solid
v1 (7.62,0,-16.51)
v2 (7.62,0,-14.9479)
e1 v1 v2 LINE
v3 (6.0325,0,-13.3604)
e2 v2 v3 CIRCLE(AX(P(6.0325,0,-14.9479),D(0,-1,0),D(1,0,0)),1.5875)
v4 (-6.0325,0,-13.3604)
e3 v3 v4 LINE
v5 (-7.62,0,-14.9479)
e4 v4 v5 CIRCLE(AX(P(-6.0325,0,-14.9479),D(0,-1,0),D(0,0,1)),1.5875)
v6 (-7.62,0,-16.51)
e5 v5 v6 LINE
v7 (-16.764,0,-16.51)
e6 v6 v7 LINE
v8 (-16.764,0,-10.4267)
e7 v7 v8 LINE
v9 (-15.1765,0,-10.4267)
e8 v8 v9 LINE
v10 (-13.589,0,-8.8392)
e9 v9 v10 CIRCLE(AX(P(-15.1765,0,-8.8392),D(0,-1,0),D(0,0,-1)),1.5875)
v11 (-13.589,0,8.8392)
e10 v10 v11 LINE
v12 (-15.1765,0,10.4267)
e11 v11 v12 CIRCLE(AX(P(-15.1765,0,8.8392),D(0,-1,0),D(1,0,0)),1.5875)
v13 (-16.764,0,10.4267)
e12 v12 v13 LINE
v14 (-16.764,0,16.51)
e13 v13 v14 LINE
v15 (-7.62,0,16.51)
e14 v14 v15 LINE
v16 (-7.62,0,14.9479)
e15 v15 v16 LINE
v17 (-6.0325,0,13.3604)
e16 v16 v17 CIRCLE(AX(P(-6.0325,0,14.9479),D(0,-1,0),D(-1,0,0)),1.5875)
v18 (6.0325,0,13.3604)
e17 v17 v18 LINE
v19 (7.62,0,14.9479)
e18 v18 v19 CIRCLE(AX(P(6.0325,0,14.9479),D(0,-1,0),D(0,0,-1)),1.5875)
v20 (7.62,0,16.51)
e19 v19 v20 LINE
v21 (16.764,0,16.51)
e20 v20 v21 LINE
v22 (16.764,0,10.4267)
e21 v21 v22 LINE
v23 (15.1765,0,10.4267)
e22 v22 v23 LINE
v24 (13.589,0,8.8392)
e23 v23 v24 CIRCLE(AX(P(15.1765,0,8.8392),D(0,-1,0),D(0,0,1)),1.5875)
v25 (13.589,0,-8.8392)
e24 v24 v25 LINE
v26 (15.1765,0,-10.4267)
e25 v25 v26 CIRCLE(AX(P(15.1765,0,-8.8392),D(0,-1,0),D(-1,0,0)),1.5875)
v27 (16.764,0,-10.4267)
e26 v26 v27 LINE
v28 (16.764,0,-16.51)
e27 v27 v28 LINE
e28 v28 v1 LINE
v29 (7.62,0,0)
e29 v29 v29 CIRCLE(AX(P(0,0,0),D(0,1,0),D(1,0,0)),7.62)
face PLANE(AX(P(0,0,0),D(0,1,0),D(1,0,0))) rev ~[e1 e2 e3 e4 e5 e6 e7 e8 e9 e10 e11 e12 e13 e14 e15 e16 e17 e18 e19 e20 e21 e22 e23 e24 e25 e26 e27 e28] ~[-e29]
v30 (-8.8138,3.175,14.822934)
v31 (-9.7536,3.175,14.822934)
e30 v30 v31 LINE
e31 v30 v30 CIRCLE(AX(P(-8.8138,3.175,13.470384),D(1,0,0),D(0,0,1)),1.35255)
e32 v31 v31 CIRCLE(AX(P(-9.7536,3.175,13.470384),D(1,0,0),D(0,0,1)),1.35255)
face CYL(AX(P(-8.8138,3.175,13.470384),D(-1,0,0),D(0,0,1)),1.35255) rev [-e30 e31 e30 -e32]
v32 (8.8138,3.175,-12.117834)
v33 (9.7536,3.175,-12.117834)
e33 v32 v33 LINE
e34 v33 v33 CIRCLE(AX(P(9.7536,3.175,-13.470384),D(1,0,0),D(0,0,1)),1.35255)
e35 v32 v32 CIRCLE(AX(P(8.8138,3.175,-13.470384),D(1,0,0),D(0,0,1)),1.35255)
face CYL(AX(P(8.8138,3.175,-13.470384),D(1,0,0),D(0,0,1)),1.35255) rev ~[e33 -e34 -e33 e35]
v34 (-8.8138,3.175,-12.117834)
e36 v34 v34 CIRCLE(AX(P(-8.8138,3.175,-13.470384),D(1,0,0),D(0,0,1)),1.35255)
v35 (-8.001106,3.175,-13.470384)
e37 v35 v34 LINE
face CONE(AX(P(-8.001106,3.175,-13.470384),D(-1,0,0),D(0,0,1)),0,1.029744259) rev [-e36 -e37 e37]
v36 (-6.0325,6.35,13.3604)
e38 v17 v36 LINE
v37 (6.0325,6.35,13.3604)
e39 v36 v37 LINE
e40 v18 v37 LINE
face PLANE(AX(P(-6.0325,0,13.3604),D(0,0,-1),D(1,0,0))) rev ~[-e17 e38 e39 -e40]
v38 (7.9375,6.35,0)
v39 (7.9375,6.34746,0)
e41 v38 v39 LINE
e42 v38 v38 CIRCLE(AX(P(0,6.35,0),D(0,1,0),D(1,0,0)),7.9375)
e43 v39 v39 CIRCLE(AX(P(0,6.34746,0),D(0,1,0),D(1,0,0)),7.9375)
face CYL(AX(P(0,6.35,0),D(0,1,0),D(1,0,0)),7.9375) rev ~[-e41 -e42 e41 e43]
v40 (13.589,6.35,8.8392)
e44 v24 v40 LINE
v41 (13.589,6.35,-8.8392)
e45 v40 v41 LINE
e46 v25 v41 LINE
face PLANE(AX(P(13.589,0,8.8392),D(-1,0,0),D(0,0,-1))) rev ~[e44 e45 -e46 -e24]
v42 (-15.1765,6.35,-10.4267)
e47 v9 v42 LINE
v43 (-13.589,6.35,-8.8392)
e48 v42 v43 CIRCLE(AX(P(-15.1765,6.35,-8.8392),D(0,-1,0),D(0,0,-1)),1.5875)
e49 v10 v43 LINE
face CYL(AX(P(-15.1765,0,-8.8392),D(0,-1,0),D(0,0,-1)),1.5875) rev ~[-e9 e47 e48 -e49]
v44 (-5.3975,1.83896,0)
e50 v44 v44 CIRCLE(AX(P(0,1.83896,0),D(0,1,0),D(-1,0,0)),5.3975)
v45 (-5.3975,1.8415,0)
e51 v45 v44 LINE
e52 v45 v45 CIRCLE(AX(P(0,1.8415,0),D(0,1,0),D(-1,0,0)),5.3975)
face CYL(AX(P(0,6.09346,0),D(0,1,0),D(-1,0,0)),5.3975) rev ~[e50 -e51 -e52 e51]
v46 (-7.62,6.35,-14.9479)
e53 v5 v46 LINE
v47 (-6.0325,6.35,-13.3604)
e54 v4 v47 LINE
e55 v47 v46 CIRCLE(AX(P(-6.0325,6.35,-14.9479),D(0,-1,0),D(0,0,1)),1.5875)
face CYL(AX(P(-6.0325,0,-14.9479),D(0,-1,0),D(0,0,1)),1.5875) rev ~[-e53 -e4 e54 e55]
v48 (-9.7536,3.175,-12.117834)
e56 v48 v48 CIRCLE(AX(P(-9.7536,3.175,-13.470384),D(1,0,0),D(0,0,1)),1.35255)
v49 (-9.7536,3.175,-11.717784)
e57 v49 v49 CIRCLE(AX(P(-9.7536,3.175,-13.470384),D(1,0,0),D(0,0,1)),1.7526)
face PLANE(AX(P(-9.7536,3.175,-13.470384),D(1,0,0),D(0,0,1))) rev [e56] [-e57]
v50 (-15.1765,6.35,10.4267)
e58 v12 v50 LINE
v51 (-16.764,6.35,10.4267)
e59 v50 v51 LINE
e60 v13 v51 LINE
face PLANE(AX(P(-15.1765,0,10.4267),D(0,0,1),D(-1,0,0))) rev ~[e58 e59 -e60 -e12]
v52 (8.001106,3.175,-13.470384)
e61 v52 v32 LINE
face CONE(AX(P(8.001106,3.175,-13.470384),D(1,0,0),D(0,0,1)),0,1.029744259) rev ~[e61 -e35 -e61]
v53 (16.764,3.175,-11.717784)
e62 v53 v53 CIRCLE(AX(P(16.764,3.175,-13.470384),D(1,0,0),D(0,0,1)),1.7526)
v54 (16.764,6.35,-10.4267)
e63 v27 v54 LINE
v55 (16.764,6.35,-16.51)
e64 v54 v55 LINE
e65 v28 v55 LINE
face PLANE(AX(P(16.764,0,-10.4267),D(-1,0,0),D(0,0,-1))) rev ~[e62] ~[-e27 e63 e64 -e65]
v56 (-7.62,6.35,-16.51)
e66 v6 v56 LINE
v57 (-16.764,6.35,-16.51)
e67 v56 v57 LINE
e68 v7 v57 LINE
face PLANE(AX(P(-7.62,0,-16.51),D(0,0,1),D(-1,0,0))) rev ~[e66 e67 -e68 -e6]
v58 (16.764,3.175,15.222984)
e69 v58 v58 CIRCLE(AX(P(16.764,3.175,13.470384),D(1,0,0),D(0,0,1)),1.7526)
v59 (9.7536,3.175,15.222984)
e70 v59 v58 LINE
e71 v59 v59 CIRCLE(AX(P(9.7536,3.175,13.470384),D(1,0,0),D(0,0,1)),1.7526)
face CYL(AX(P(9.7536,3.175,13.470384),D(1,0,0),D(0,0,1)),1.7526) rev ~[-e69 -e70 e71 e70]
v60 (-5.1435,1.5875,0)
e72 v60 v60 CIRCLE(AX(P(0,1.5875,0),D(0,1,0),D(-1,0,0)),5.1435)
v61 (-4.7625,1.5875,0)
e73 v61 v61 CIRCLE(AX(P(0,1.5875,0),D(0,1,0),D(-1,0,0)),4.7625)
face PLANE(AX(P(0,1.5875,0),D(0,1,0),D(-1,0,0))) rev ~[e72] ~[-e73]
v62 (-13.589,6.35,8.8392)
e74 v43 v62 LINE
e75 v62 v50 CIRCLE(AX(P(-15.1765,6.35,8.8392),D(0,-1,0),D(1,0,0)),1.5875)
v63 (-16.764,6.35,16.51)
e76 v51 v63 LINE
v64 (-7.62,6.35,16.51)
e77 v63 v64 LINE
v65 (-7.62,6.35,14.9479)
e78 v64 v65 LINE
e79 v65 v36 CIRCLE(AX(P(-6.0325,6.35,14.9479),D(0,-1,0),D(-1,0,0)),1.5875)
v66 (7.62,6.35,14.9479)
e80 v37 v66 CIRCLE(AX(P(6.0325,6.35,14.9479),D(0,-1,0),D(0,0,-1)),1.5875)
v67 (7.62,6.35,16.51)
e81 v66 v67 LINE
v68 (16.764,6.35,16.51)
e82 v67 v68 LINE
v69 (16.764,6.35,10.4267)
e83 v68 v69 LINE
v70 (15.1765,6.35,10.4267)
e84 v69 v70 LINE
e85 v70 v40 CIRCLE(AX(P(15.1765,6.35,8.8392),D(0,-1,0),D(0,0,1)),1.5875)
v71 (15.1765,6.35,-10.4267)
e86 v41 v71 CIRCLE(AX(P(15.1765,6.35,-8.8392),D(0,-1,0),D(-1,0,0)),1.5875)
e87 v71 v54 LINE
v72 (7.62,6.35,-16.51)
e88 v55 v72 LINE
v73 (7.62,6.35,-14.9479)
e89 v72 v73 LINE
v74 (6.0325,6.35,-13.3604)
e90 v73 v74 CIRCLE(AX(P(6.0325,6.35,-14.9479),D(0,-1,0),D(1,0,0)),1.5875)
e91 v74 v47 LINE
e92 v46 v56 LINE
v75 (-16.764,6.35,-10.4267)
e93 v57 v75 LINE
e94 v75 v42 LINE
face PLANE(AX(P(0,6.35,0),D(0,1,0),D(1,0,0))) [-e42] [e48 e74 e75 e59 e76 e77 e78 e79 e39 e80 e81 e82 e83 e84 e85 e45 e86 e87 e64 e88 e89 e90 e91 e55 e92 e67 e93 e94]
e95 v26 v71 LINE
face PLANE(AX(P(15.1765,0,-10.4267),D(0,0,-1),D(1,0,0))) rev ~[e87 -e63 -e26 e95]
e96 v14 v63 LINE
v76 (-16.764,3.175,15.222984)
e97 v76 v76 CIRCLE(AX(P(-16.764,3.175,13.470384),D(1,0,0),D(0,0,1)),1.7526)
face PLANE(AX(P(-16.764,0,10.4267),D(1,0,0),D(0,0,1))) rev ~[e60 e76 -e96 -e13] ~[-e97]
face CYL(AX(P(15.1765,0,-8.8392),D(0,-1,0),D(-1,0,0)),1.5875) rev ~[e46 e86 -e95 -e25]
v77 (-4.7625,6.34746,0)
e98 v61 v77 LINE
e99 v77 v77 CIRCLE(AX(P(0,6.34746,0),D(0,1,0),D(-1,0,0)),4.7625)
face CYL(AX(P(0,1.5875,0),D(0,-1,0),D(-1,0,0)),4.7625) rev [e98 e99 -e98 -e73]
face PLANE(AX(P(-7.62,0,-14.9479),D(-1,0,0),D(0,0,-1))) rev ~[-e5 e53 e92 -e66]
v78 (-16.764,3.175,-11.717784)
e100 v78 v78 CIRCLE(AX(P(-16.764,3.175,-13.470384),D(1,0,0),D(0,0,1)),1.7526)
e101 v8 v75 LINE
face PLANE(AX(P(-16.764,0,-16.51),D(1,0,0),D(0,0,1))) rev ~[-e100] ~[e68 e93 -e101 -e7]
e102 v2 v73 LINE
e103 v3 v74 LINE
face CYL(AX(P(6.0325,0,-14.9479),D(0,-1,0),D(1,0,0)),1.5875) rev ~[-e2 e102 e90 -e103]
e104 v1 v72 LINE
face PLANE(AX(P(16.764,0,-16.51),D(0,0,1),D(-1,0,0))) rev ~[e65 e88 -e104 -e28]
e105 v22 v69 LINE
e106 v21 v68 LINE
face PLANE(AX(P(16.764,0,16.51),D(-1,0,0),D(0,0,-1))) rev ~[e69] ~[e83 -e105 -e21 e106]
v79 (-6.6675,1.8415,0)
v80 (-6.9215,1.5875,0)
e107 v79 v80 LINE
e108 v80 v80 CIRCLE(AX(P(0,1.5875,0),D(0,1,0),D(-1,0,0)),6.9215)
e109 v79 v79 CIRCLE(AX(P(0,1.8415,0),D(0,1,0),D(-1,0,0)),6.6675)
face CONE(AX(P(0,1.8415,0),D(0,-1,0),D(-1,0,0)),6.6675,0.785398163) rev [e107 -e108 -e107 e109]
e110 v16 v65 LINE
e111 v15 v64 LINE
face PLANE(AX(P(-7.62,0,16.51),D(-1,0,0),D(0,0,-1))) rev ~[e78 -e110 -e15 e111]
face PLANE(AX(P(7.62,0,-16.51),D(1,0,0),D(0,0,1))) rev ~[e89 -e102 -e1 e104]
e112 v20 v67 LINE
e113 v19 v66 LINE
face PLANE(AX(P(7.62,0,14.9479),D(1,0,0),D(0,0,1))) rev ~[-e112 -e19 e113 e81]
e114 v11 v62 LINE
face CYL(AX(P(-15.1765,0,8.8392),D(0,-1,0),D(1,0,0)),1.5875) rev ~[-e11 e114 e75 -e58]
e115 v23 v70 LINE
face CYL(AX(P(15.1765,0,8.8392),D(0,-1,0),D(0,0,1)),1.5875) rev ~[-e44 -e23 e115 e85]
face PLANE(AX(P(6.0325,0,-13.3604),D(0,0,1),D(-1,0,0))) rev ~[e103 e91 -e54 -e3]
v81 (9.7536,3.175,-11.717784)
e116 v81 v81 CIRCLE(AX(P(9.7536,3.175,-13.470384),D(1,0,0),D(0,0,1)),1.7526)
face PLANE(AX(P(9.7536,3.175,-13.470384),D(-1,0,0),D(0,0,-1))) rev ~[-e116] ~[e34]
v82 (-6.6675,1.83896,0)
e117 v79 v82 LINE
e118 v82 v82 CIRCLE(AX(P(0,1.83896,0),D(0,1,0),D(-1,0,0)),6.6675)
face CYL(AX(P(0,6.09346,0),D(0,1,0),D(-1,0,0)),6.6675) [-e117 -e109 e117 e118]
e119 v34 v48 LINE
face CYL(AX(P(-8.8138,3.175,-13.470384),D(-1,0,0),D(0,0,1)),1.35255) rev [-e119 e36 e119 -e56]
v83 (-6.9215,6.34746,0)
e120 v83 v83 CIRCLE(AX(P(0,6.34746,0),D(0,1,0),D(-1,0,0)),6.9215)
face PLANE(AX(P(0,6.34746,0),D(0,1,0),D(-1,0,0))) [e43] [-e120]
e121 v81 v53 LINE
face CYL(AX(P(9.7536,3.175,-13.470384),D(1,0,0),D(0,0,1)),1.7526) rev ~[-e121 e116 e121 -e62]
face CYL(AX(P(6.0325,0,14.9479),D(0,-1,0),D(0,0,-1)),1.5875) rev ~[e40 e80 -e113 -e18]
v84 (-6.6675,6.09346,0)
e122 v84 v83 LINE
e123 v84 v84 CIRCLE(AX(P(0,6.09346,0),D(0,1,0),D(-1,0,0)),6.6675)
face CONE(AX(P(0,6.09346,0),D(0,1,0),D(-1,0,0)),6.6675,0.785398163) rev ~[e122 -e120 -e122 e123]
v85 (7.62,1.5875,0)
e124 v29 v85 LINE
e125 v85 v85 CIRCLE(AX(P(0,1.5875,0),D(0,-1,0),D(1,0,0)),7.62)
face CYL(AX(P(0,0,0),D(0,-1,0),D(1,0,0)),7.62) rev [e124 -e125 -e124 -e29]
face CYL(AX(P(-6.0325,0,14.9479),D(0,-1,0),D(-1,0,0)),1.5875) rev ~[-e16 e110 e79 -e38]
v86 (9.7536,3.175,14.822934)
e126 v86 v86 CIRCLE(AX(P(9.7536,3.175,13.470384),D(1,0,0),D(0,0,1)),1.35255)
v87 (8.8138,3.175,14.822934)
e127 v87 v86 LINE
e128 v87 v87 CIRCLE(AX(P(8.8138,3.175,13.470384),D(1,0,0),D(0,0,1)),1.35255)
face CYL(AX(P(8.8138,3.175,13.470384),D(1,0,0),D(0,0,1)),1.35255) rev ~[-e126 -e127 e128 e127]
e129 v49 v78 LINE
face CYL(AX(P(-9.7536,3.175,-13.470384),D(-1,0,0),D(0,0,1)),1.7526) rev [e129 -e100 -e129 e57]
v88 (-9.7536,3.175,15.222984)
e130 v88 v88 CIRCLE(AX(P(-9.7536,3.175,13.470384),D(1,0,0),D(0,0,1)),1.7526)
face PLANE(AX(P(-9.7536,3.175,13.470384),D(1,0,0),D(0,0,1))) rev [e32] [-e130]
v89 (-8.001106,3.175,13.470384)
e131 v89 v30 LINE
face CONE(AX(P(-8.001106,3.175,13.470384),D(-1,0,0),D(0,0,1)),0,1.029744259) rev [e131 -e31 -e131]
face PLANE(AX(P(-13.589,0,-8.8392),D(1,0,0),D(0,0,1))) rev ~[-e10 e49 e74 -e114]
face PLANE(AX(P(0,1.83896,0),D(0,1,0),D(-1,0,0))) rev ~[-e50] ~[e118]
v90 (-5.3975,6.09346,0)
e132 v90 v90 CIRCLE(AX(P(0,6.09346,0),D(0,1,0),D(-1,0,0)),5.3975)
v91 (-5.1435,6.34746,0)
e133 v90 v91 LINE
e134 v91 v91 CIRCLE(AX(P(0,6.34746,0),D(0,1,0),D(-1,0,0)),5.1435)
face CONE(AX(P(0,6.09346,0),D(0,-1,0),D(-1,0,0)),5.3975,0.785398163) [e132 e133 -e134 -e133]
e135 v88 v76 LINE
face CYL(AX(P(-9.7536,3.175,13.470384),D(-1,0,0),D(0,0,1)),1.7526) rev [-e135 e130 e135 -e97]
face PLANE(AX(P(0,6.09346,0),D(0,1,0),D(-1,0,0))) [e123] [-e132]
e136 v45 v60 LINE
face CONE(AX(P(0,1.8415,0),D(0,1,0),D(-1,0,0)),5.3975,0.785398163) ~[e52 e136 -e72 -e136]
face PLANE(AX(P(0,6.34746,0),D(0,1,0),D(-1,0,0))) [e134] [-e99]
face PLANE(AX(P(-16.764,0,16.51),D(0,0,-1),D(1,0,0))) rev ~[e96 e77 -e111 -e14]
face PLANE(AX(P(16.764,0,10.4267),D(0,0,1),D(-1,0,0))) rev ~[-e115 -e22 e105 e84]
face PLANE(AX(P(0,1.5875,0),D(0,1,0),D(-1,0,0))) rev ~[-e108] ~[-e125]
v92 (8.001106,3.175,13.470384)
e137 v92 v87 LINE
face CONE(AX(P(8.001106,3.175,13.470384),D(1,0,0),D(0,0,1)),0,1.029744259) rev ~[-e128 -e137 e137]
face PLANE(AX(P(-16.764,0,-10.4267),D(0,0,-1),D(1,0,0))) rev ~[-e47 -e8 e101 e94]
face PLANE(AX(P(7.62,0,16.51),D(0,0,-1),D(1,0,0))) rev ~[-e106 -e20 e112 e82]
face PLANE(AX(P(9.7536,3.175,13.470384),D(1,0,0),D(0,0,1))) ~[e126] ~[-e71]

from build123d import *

# Parameters (mm, degrees)
SKETCH1_R                      = 7.62
BOSS_EXTRUDE1_DEPTH            = 6.35
SKETCH2_R                      = 7.9375
CUT_EXTRUDE1_DEPTH             = 4.7625
SKETCH3_R                      = 7.9375
SKETCH3_R_2                    = 6.6675
BOSS_EXTRUDE2_DEPTH            = 4.75996
CHAMFER1_SIZE                  = 0.254
SKETCH4_R                      = 5.3975
SKETCH4_R_2                    = 4.7625
BOSS_EXTRUDE3_DEPTH            = 4.75996
CHAMFER2_SIZE                  = 0.254
SKETCH5_R                      = 6.6675
SKETCH5_R_2                    = 5.3975
BOSS_EXTRUDE4_DEPTH            = 4.2545
F_6_32_TAPPED_HOLE1_AT_2_COUNT = 2
F_6_32_TAPPED_HOLE1_AT_2_PITCH = 26.940768363


with BuildPart() as part:
    # Sketch1 → Boss-Extrude1 (new body)
    with BuildSketch(Plane(origin=(0, 0, 0), x_dir=(1, 0, 0), z_dir=(0, 1, 0))):
        with BuildLine():
            Line((-16.764, -16.51), (-7.62, -16.51))
            Line((-7.62, -16.51), (-7.62, -14.9479))
            ThreePointArc((-7.62, -14.9479), (-7.155032015, -13.825367985), (-6.0325, -13.3604))
            Line((-6.0325, -13.3604), (6.0325, -13.3604))
            ThreePointArc((6.0325, -13.3604), (7.155032015, -13.825367985), (7.62, -14.9479))
            Line((7.62, -14.9479), (7.62, -16.51))
            Line((7.62, -16.51), (16.764, -16.51))
            Line((16.764, -16.51), (16.764, -10.4267))
            Line((16.764, -10.4267), (15.1765, -10.4267))
            ThreePointArc((15.1765, -10.4267), (14.053967985, -9.961732015), (13.589, -8.8392))
            Line((13.589, -8.8392), (13.589, 8.8392))
            ThreePointArc((13.589, 8.8392), (14.053967985, 9.961732015), (15.1765, 10.4267))
            Line((15.1765, 10.4267), (16.764, 10.4267))
            Line((16.764, 10.4267), (16.764, 16.51))
            Line((16.764, 16.51), (7.62, 16.51))
            Line((7.62, 16.51), (7.62, 14.9479))
            ThreePointArc((7.62, 14.9479), (7.155032015, 13.825367985), (6.0325, 13.3604))
            Line((6.0325, 13.3604), (-6.0325, 13.3604))
            ThreePointArc((-6.0325, 13.3604), (-7.155032015, 13.825367985), (-7.62, 14.9479))
            Line((-7.62, 14.9479), (-7.62, 16.51))
            Line((-7.62, 16.51), (-16.764, 16.51))
            Line((-16.764, 16.51), (-16.764, 10.4267))
            Line((-16.764, 10.4267), (-15.1765, 10.4267))
            ThreePointArc((-15.1765, 10.4267), (-14.053967985, 9.961732015), (-13.589, 8.8392))
            Line((-13.589, 8.8392), (-13.589, -8.8392))
            ThreePointArc((-13.589, -8.8392), (-14.053967985, -9.961732015), (-15.1765, -10.4267))
            Line((-15.1765, -10.4267), (-16.764, -10.4267))
            Line((-16.764, -10.4267), (-16.764, -16.51))
        make_face()
        Circle(SKETCH1_R, mode=Mode.SUBTRACT)
    extrude(amount=BOSS_EXTRUDE1_DEPTH)

    # Sketch2 → Cut-Extrude1 (cut)
    with BuildSketch(Plane(origin=(0, 6.35, 0), x_dir=(1, 0, 0), z_dir=(0, 1, 0))):
        Circle(SKETCH2_R)
    extrude(amount=-CUT_EXTRUDE1_DEPTH, mode=Mode.SUBTRACT)

    # Sketch3 → Boss-Extrude2 (add)
    with BuildSketch(Plane(origin=(0, 1.5875, 0), x_dir=(-1, 0, 0), z_dir=(0, 1, 0))):
        Circle(SKETCH3_R)
        Circle(SKETCH3_R_2, mode=Mode.SUBTRACT)
    extrude(amount=BOSS_EXTRUDE2_DEPTH)

    # Chamfer1
    chamfer1_edges = [part.edges().sort_by_distance(p)[0] for p in [
        (6.6675, 1.5875, 0),
        (6.6675, 6.34746, 0),
    ]]
    chamfer(chamfer1_edges, length=CHAMFER1_SIZE)



with BuildPart() as body_2:
    # Sketch4 → Boss-Extrude3 (new body)
    with BuildSketch(Plane(origin=(0, 1.5875, 0), x_dir=(-1, 0, 0), z_dir=(0, 1, 0))):
        Circle(SKETCH4_R)
        Circle(SKETCH4_R_2, mode=Mode.SUBTRACT)
    extrude(amount=BOSS_EXTRUDE3_DEPTH)

    # Chamfer2
    chamfer2_edges = [body_2.edges().sort_by_distance(p)[0] for p in [
        (5.3975, 1.5875, 0),
        (5.3975, 6.34746, 0),
    ]]
    chamfer(chamfer2_edges, length=CHAMFER2_SIZE)


with BuildPart() as part_1:
    add(part.part)

    add(body_2.part)  # Boss-Extrude4 merges body 2
    # Sketch5 → Boss-Extrude4 (add)
    with BuildSketch(Plane(origin=(0, 6.09346, 0), x_dir=(-1, 0, 0), z_dir=(0, 1, 0))):
        Circle(SKETCH5_R)
        Circle(SKETCH5_R_2, mode=Mode.SUBTRACT)
    extrude(amount=-BOSS_EXTRUDE4_DEPTH)

    # Sketch8 → #6-32 Tapped Hole1 (revolve, cut)
    with BuildSketch(Plane(origin=(-16.764, 3.175, -13.470384182), x_dir=(0, 0, 1), z_dir=(0, 1, 0))):
        Polygon((0, 0), (0, 8.76289403), (1.35255, 7.9502), (1.35255, 7.0104), (1.7526, 7.0104), (1.7526, 0), align=None)
    f_6_32_tapped_hole1 = revolve(axis=Axis((-23.114, 3.175, -13.470384182), (1, 0, 0)), mode=Mode.SUBTRACT)

    # #6-32 Tapped Hole1 at 2: #6-32 Tapped Hole1 ×2
    with Locations(*[(0, 0, i * F_6_32_TAPPED_HOLE1_AT_2_PITCH) for i in range(1, F_6_32_TAPPED_HOLE1_AT_2_COUNT)]):
        add(f_6_32_tapped_hole1, mode=Mode.SUBTRACT)

    # Mirror1: #6-32 Tapped Hole1 across plane
    add(f_6_32_tapped_hole1.mirror(Plane(origin=(0, 0, 0), x_dir=(0, 0, 1), z_dir=(1, 0, 0))), mode=Mode.SUBTRACT)

    # Mirror1 copy 1 sketch → Mirror1 copy 1 (revolve, cut)
    with BuildSketch(Plane(origin=(16.764, 3.175, 13.470384182), x_dir=(0, 0, 1), z_dir=(0, 1, 0))):
        Polygon((0, 0), (0, -8.76289403), (1.35255, -7.9502), (1.35255, -7.0104), (1.7526, -7.0104), (1.7526, 0), align=None)
    revolve(axis=Axis((23.114, 3.175, 13.470384182), (1, 0, 0)), mode=Mode.SUBTRACT)


solid = part_1.part
